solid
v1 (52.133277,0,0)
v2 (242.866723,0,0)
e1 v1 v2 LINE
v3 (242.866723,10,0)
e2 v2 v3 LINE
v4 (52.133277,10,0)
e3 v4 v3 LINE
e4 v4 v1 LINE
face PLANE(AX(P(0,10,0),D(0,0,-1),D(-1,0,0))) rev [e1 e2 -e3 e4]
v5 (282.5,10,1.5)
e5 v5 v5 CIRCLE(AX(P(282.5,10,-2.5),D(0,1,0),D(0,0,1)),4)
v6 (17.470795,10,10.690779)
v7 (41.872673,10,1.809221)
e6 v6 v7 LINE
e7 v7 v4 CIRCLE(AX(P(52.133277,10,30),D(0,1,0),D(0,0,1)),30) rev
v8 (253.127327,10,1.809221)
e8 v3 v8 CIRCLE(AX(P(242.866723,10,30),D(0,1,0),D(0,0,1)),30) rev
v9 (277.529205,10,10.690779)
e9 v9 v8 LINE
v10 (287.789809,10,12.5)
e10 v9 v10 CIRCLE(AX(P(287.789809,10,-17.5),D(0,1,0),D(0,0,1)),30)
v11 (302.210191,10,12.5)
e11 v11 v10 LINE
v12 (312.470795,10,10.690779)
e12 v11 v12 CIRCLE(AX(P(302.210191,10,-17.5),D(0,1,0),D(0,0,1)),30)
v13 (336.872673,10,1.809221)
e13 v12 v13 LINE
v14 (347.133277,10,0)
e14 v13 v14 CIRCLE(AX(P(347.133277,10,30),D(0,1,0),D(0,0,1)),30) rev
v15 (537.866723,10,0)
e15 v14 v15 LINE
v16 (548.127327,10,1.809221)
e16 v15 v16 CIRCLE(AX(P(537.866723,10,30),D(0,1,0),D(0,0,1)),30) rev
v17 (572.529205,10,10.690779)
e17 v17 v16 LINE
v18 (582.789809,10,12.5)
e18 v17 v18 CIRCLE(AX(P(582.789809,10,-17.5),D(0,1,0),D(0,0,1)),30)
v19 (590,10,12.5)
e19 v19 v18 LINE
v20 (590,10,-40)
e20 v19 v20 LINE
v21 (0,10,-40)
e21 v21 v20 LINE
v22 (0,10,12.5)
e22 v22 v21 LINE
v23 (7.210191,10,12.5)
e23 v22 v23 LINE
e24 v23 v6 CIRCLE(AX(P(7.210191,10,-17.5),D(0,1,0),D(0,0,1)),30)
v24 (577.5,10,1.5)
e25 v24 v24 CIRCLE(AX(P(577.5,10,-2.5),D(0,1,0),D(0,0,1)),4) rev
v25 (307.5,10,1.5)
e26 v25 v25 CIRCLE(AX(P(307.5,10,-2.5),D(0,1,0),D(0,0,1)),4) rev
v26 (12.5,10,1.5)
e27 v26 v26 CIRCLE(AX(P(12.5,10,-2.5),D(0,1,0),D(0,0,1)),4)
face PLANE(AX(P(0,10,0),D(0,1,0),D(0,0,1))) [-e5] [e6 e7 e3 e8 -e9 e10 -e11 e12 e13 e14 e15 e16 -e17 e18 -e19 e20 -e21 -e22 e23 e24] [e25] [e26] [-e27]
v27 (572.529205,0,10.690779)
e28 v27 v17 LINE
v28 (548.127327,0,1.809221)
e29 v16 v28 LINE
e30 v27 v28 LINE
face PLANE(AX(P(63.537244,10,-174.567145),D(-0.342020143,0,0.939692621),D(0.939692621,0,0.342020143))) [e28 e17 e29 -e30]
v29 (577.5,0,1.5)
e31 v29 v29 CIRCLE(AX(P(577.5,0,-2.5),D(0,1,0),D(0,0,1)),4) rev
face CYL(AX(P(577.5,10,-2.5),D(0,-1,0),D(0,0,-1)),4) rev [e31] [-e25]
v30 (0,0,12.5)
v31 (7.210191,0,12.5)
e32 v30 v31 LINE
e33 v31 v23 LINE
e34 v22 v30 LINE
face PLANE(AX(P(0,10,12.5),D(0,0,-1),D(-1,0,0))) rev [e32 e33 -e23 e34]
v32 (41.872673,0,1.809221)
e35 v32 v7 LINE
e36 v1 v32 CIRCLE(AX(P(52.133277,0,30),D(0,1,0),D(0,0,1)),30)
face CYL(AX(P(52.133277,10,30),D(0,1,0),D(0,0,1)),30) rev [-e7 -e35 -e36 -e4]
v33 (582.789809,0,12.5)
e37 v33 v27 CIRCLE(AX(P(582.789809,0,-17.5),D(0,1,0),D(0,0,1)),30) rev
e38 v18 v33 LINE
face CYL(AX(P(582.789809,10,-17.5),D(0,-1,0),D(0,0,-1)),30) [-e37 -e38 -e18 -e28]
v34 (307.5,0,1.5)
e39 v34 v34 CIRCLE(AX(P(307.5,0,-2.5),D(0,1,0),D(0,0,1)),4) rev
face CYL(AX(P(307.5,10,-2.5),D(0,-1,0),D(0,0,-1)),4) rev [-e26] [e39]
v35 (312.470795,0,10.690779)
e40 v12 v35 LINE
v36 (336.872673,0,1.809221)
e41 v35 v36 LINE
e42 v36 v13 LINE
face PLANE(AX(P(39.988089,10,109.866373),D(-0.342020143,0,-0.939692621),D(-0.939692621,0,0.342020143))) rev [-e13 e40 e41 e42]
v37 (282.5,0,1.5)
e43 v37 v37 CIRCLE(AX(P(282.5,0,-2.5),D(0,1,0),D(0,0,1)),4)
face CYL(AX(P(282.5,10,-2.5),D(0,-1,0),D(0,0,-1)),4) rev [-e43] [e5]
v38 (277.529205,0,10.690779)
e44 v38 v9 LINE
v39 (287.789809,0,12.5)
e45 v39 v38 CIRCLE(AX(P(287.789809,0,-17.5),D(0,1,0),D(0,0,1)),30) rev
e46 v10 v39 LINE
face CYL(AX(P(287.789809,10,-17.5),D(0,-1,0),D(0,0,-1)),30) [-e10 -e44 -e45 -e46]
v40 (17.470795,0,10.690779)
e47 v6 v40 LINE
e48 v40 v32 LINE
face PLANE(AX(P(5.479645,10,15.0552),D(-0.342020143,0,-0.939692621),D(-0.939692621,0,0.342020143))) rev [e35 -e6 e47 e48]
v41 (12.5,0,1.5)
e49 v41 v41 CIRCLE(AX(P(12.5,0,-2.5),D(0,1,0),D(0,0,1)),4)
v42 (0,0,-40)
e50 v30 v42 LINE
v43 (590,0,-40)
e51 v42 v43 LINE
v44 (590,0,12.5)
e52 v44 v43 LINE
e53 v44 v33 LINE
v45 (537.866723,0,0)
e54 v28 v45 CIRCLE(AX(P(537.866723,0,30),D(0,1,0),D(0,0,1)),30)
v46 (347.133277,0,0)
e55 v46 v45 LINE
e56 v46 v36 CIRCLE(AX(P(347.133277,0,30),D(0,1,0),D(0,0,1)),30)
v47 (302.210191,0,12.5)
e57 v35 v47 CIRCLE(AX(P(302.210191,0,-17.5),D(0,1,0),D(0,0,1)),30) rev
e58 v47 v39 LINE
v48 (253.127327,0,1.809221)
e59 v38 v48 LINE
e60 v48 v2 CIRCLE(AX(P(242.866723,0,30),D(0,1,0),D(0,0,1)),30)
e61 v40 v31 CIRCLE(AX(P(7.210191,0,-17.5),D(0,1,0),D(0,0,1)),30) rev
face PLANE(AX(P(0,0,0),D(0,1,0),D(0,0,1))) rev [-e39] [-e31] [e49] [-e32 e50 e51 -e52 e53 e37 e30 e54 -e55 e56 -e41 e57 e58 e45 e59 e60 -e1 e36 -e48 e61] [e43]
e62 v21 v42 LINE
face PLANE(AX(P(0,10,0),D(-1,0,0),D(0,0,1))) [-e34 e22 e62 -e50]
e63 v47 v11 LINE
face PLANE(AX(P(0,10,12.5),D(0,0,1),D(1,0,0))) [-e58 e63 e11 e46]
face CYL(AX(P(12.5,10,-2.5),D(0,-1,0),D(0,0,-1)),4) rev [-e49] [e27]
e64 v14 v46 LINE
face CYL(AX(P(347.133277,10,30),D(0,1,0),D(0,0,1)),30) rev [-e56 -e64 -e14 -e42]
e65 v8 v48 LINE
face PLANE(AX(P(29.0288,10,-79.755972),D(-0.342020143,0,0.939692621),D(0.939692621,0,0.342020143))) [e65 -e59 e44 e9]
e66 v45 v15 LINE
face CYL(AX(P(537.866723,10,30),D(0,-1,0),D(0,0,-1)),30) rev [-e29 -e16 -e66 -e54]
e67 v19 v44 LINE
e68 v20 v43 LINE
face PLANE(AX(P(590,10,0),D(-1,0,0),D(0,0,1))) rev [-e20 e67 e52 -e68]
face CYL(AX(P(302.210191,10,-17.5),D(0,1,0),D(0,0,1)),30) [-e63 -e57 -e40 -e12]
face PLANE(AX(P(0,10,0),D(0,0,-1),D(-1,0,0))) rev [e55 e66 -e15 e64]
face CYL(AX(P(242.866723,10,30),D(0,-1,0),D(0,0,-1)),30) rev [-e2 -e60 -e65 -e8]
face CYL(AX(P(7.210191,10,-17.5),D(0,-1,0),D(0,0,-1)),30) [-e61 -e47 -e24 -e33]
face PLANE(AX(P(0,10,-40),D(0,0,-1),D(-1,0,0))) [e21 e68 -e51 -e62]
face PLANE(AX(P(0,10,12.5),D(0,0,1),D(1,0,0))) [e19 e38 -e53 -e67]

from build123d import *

# Parameters (mm, degrees)
SKETCH1_R           = 4
BOSS_EXTRUDE2_DEPTH = 10
FILLET1_R           = 30
FILLET2_R           = 30


with BuildPart() as part:
    # Sketch1 → Boss-Extrude2 (new body)
    with BuildSketch(Plane(origin=(0, 0, 0), x_dir=(1, 0, 0), z_dir=(0, 1, 0))):
        Polygon((12.5, -12.5), (46.843467743, 0), (248.156532257, 0), (282.5, -12.5), (307.5, -12.5), (341.843467743, 0), (543.156532257, 0), (577.5, -12.5), (590, -12.5), (590, 40), (0, 40), (0, -12.5), align=None)
        with Locations(Location((12.5, 2.5, 0), (0, 0, 270))):
            Circle(SKETCH1_R, mode=Mode.SUBTRACT)
        with Locations(Location((282.5, 2.5, 0), (0, 0, 270))):
            Circle(SKETCH1_R, mode=Mode.SUBTRACT)
        with Locations(Location((307.5, 2.5, 0), (0, 0, 270))):
            Circle(SKETCH1_R, mode=Mode.SUBTRACT)
        with Locations(Location((577.5, 2.5, 0), (0, 0, 270))):
            Circle(SKETCH1_R, mode=Mode.SUBTRACT)
    extrude(amount=BOSS_EXTRUDE2_DEPTH)

    # Fillet1
    fillet1_edges = [part.edges().sort_by_distance(p)[0] for p in [
        (46.843467743, 5, 0),
        (12.5, 5, 12.5),
    ]]
    fillet(fillet1_edges, radius=FILLET1_R)

    # Fillet2
    fillet2_edges = [part.edges().sort_by_distance(p)[0] for p in [
        (307.5, 5, 12.5),
        (282.5, 5, 12.5),
        (248.156532257, 5, 0),
        (577.5, 5, 12.5),
        (543.156532257, 5, 0),
        (341.843467743, 5, 0),
    ]]
    fillet(fillet2_edges, radius=FILLET2_R)


solid = part.part
